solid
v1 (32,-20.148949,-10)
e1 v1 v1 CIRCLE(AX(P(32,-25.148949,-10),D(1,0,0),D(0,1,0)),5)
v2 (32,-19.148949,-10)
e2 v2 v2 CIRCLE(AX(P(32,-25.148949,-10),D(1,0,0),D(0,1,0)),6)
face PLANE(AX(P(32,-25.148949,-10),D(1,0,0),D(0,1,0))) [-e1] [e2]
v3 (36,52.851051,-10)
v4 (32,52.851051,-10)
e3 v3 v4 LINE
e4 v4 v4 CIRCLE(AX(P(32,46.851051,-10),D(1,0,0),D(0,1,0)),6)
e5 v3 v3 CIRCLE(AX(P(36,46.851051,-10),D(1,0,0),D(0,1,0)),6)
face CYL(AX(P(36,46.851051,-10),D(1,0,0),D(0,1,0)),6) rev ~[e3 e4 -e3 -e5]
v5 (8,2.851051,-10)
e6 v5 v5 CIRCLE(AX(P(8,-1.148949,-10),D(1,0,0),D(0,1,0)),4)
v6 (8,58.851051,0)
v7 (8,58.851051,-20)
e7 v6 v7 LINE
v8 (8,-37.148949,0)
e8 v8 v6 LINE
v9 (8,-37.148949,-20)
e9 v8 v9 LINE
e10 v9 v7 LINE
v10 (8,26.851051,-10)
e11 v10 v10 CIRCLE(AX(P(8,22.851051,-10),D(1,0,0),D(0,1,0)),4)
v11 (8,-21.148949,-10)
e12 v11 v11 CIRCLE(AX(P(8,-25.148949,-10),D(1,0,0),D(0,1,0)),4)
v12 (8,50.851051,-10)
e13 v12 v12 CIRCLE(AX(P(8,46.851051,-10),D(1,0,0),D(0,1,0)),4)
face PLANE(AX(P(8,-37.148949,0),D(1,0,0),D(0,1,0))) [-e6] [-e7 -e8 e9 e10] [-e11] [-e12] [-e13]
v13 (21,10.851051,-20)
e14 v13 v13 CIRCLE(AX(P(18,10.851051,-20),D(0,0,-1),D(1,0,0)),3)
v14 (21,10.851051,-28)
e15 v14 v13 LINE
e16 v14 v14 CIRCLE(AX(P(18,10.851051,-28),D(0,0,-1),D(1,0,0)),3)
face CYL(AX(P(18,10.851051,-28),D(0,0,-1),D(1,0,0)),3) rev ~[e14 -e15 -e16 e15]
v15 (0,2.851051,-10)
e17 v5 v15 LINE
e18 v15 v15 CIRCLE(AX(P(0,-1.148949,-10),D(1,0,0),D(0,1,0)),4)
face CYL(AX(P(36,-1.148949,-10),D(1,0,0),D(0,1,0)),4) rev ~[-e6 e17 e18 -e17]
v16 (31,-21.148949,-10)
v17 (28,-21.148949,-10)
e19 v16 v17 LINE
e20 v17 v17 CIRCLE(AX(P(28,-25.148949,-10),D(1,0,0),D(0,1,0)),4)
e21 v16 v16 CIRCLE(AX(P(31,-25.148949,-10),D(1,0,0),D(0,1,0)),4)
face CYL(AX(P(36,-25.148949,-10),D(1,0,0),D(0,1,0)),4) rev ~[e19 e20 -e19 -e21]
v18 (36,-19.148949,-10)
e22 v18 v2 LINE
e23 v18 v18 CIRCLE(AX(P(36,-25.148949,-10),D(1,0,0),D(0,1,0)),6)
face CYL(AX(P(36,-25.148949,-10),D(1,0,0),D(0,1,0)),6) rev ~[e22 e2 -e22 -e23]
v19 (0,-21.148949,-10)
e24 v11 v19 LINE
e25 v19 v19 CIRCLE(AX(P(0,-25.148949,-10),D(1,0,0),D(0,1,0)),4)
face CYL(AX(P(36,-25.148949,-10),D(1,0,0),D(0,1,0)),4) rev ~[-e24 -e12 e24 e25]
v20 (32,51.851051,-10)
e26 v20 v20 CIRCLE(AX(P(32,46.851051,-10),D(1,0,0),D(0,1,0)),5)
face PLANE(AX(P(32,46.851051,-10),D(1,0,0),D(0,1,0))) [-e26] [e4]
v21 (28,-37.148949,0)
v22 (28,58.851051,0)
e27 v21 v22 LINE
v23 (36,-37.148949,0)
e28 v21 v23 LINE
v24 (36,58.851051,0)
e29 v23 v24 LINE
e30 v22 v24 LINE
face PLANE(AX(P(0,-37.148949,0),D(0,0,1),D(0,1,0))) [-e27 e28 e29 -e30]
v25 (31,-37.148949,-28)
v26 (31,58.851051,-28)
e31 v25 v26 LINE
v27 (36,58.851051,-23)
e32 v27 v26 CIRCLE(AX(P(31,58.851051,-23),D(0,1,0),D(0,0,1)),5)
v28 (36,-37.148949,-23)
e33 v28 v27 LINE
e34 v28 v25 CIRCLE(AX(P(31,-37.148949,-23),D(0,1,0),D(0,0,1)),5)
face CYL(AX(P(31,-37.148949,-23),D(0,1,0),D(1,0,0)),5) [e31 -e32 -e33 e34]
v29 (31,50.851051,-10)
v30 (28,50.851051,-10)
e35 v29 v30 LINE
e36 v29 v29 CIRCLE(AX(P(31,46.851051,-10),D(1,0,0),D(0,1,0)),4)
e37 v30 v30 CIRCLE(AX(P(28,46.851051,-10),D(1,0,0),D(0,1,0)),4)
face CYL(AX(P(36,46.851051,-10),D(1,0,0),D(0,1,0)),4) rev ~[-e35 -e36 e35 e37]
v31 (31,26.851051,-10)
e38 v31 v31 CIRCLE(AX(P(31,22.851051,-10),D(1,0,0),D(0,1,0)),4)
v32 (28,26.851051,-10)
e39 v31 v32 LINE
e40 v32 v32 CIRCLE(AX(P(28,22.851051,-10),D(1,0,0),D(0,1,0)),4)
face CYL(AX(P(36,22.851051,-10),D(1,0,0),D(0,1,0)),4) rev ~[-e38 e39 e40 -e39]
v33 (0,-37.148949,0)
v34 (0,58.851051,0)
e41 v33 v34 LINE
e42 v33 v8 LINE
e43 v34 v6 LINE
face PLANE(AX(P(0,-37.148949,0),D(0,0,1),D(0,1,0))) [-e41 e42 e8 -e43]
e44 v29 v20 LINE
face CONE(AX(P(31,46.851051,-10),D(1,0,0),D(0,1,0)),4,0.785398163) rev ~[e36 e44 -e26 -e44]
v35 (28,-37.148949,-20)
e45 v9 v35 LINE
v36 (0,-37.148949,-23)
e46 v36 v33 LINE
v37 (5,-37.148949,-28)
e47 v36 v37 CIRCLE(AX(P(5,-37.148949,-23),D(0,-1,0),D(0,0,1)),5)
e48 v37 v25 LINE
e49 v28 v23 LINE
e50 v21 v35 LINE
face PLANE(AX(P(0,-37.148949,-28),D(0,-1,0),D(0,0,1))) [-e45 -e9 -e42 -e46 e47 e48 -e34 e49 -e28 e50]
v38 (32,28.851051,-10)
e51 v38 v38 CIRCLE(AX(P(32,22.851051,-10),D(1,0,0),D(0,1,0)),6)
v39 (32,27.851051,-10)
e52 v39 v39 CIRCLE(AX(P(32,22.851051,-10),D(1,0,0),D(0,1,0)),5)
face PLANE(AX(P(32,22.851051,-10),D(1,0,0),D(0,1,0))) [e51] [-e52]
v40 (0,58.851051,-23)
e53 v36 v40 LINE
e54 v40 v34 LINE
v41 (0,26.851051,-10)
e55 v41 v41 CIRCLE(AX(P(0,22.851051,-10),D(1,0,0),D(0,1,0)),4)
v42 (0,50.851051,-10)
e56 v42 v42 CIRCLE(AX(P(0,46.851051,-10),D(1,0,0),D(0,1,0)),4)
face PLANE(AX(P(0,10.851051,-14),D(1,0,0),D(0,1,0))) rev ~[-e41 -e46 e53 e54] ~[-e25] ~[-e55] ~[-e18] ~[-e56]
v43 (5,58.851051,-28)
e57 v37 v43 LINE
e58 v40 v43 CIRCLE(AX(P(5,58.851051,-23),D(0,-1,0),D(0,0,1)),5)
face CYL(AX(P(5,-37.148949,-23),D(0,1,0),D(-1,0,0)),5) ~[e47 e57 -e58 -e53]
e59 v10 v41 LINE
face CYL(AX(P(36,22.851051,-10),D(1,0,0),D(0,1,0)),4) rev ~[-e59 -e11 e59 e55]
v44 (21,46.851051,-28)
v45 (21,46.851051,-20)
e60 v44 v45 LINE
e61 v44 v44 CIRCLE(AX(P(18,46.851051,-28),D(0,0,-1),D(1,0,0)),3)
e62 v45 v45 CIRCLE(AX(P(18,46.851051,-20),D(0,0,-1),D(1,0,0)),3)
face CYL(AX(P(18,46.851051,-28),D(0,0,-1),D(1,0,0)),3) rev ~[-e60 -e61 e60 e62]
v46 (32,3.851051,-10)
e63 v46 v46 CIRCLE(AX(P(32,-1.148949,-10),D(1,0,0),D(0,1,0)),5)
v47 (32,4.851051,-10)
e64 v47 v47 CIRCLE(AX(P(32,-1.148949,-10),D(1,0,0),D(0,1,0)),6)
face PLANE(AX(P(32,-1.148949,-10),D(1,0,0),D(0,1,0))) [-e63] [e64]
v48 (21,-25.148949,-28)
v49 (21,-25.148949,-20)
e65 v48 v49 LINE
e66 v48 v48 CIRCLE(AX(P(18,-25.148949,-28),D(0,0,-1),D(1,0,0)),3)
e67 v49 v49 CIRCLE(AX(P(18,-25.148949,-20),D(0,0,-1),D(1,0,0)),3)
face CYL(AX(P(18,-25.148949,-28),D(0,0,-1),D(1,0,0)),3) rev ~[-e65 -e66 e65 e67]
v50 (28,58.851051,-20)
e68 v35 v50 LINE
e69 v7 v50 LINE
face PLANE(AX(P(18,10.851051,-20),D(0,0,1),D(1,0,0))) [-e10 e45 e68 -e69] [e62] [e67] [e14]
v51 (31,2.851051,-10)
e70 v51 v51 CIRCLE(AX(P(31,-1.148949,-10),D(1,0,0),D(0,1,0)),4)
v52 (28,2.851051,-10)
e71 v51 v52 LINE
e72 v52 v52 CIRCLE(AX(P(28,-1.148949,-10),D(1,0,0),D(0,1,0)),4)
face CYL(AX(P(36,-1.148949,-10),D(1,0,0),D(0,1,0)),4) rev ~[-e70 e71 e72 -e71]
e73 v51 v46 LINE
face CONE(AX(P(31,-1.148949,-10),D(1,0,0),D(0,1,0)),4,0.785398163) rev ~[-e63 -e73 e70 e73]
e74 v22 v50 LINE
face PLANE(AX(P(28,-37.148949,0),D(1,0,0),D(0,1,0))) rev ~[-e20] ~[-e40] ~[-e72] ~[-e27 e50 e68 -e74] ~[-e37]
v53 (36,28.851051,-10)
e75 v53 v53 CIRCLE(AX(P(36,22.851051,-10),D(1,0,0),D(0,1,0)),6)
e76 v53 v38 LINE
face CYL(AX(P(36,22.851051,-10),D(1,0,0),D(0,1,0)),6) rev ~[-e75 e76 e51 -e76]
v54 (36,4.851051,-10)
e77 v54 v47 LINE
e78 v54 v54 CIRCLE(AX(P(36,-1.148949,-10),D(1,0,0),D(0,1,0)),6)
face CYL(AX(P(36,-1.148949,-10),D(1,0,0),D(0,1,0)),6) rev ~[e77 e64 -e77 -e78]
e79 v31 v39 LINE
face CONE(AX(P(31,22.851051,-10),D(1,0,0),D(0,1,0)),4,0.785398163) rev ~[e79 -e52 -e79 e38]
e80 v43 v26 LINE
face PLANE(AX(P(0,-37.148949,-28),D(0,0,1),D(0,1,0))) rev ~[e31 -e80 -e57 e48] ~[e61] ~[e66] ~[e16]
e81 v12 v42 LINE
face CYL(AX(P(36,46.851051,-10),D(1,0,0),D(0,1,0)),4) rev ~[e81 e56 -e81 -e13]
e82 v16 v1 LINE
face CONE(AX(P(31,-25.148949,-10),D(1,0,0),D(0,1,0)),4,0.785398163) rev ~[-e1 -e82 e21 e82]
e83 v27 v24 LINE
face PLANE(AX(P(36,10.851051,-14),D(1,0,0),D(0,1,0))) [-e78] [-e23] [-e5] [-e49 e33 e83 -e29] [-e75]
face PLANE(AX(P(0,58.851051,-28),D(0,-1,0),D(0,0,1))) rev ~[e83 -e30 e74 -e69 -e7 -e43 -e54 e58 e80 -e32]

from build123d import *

# Parameters (mm, degrees)
F0_W      = 96
F0_H      = 28
F1_DEPTH  = 36
F2_W      = 20
F2_H      = 96
F3_DEPTH  = 20
F4_R      = 5
F5_R      = 4
F6_DEPTH  = 36
F7_R      = 6
F8_DEPTH  = 4
F9_SIZE   = 1
F10_R     = 3
F11_DEPTH = 8


with BuildPart() as f1:
    # F0 (on Right) → F1 (new body)
    with BuildSketch(Plane.YZ):
        with Locations((10.8510512412, -14)):
            Rectangle(F0_W, F0_H)
    extrude(amount=F1_DEPTH)

    # F2 (on face) → F3 (cut)
    with BuildSketch(Plane.XY):
        with Locations((18, 10.8510512412)):
            Rectangle(F2_W, F2_H)
    extrude(amount=-F3_DEPTH, mode=Mode.SUBTRACT)

    # F4
    f4_edges = [f1.edges().sort_by_distance(p)[0] for p in [
        (36, 10.851051, -28),
        (0, 10.851051, -28),
    ]]
    fillet(f4_edges, radius=F4_R)

    # F5 (on face) → F6 (cut)
    with BuildSketch(Plane.YZ.offset(36)):
        with Locations((46.8510512412, -10)):
            Circle(F5_R)
        with Locations((22.8510512412, -10)):
            Circle(F5_R)
        with Locations((-1.1489487588, -10)):
            Circle(F5_R)
        with Locations((-25.1489487588, -10)):
            Circle(F5_R)
    extrude(amount=-F6_DEPTH, mode=Mode.SUBTRACT)

    # F7 (on face) → F8 (cut)
    with BuildSketch(Plane.YZ.offset(36)):
        with Locations((-25.1489487588, -10)):
            Circle(F7_R)
        with Locations((-1.1489487588, -10)):
            Circle(F7_R)
        with Locations((22.8510512412, -10)):
            Circle(F7_R)
        with Locations((46.8510512412, -10)):
            Circle(F7_R)
    extrude(amount=-F8_DEPTH, mode=Mode.SUBTRACT)

    # F9
    f9_edges = [f1.edges().sort_by_distance(p)[0] for p in [
        (32, -29.148949, -10),
        (32, -5.148949, -10),
        (32, 18.851051, -10),
        (32, 42.851051, -10),
    ]]
    chamfer(f9_edges, length=F9_SIZE)

    # F10 (on face) → F11 (cut)
    with BuildSketch(Plane(origin=(0, 0, -28), x_dir=(1, 0, 0), z_dir=(0, 0, -1))):
        with Locations((18, -46.8510512412)):
            Circle(F10_R)
        with Locations((18, -10.8510512412)):
            Circle(F10_R)
        with Locations((18, 25.1489487588)):
            Circle(F10_R)
    extrude(amount=-F11_DEPTH, mode=Mode.SUBTRACT)


solid = f1.part
